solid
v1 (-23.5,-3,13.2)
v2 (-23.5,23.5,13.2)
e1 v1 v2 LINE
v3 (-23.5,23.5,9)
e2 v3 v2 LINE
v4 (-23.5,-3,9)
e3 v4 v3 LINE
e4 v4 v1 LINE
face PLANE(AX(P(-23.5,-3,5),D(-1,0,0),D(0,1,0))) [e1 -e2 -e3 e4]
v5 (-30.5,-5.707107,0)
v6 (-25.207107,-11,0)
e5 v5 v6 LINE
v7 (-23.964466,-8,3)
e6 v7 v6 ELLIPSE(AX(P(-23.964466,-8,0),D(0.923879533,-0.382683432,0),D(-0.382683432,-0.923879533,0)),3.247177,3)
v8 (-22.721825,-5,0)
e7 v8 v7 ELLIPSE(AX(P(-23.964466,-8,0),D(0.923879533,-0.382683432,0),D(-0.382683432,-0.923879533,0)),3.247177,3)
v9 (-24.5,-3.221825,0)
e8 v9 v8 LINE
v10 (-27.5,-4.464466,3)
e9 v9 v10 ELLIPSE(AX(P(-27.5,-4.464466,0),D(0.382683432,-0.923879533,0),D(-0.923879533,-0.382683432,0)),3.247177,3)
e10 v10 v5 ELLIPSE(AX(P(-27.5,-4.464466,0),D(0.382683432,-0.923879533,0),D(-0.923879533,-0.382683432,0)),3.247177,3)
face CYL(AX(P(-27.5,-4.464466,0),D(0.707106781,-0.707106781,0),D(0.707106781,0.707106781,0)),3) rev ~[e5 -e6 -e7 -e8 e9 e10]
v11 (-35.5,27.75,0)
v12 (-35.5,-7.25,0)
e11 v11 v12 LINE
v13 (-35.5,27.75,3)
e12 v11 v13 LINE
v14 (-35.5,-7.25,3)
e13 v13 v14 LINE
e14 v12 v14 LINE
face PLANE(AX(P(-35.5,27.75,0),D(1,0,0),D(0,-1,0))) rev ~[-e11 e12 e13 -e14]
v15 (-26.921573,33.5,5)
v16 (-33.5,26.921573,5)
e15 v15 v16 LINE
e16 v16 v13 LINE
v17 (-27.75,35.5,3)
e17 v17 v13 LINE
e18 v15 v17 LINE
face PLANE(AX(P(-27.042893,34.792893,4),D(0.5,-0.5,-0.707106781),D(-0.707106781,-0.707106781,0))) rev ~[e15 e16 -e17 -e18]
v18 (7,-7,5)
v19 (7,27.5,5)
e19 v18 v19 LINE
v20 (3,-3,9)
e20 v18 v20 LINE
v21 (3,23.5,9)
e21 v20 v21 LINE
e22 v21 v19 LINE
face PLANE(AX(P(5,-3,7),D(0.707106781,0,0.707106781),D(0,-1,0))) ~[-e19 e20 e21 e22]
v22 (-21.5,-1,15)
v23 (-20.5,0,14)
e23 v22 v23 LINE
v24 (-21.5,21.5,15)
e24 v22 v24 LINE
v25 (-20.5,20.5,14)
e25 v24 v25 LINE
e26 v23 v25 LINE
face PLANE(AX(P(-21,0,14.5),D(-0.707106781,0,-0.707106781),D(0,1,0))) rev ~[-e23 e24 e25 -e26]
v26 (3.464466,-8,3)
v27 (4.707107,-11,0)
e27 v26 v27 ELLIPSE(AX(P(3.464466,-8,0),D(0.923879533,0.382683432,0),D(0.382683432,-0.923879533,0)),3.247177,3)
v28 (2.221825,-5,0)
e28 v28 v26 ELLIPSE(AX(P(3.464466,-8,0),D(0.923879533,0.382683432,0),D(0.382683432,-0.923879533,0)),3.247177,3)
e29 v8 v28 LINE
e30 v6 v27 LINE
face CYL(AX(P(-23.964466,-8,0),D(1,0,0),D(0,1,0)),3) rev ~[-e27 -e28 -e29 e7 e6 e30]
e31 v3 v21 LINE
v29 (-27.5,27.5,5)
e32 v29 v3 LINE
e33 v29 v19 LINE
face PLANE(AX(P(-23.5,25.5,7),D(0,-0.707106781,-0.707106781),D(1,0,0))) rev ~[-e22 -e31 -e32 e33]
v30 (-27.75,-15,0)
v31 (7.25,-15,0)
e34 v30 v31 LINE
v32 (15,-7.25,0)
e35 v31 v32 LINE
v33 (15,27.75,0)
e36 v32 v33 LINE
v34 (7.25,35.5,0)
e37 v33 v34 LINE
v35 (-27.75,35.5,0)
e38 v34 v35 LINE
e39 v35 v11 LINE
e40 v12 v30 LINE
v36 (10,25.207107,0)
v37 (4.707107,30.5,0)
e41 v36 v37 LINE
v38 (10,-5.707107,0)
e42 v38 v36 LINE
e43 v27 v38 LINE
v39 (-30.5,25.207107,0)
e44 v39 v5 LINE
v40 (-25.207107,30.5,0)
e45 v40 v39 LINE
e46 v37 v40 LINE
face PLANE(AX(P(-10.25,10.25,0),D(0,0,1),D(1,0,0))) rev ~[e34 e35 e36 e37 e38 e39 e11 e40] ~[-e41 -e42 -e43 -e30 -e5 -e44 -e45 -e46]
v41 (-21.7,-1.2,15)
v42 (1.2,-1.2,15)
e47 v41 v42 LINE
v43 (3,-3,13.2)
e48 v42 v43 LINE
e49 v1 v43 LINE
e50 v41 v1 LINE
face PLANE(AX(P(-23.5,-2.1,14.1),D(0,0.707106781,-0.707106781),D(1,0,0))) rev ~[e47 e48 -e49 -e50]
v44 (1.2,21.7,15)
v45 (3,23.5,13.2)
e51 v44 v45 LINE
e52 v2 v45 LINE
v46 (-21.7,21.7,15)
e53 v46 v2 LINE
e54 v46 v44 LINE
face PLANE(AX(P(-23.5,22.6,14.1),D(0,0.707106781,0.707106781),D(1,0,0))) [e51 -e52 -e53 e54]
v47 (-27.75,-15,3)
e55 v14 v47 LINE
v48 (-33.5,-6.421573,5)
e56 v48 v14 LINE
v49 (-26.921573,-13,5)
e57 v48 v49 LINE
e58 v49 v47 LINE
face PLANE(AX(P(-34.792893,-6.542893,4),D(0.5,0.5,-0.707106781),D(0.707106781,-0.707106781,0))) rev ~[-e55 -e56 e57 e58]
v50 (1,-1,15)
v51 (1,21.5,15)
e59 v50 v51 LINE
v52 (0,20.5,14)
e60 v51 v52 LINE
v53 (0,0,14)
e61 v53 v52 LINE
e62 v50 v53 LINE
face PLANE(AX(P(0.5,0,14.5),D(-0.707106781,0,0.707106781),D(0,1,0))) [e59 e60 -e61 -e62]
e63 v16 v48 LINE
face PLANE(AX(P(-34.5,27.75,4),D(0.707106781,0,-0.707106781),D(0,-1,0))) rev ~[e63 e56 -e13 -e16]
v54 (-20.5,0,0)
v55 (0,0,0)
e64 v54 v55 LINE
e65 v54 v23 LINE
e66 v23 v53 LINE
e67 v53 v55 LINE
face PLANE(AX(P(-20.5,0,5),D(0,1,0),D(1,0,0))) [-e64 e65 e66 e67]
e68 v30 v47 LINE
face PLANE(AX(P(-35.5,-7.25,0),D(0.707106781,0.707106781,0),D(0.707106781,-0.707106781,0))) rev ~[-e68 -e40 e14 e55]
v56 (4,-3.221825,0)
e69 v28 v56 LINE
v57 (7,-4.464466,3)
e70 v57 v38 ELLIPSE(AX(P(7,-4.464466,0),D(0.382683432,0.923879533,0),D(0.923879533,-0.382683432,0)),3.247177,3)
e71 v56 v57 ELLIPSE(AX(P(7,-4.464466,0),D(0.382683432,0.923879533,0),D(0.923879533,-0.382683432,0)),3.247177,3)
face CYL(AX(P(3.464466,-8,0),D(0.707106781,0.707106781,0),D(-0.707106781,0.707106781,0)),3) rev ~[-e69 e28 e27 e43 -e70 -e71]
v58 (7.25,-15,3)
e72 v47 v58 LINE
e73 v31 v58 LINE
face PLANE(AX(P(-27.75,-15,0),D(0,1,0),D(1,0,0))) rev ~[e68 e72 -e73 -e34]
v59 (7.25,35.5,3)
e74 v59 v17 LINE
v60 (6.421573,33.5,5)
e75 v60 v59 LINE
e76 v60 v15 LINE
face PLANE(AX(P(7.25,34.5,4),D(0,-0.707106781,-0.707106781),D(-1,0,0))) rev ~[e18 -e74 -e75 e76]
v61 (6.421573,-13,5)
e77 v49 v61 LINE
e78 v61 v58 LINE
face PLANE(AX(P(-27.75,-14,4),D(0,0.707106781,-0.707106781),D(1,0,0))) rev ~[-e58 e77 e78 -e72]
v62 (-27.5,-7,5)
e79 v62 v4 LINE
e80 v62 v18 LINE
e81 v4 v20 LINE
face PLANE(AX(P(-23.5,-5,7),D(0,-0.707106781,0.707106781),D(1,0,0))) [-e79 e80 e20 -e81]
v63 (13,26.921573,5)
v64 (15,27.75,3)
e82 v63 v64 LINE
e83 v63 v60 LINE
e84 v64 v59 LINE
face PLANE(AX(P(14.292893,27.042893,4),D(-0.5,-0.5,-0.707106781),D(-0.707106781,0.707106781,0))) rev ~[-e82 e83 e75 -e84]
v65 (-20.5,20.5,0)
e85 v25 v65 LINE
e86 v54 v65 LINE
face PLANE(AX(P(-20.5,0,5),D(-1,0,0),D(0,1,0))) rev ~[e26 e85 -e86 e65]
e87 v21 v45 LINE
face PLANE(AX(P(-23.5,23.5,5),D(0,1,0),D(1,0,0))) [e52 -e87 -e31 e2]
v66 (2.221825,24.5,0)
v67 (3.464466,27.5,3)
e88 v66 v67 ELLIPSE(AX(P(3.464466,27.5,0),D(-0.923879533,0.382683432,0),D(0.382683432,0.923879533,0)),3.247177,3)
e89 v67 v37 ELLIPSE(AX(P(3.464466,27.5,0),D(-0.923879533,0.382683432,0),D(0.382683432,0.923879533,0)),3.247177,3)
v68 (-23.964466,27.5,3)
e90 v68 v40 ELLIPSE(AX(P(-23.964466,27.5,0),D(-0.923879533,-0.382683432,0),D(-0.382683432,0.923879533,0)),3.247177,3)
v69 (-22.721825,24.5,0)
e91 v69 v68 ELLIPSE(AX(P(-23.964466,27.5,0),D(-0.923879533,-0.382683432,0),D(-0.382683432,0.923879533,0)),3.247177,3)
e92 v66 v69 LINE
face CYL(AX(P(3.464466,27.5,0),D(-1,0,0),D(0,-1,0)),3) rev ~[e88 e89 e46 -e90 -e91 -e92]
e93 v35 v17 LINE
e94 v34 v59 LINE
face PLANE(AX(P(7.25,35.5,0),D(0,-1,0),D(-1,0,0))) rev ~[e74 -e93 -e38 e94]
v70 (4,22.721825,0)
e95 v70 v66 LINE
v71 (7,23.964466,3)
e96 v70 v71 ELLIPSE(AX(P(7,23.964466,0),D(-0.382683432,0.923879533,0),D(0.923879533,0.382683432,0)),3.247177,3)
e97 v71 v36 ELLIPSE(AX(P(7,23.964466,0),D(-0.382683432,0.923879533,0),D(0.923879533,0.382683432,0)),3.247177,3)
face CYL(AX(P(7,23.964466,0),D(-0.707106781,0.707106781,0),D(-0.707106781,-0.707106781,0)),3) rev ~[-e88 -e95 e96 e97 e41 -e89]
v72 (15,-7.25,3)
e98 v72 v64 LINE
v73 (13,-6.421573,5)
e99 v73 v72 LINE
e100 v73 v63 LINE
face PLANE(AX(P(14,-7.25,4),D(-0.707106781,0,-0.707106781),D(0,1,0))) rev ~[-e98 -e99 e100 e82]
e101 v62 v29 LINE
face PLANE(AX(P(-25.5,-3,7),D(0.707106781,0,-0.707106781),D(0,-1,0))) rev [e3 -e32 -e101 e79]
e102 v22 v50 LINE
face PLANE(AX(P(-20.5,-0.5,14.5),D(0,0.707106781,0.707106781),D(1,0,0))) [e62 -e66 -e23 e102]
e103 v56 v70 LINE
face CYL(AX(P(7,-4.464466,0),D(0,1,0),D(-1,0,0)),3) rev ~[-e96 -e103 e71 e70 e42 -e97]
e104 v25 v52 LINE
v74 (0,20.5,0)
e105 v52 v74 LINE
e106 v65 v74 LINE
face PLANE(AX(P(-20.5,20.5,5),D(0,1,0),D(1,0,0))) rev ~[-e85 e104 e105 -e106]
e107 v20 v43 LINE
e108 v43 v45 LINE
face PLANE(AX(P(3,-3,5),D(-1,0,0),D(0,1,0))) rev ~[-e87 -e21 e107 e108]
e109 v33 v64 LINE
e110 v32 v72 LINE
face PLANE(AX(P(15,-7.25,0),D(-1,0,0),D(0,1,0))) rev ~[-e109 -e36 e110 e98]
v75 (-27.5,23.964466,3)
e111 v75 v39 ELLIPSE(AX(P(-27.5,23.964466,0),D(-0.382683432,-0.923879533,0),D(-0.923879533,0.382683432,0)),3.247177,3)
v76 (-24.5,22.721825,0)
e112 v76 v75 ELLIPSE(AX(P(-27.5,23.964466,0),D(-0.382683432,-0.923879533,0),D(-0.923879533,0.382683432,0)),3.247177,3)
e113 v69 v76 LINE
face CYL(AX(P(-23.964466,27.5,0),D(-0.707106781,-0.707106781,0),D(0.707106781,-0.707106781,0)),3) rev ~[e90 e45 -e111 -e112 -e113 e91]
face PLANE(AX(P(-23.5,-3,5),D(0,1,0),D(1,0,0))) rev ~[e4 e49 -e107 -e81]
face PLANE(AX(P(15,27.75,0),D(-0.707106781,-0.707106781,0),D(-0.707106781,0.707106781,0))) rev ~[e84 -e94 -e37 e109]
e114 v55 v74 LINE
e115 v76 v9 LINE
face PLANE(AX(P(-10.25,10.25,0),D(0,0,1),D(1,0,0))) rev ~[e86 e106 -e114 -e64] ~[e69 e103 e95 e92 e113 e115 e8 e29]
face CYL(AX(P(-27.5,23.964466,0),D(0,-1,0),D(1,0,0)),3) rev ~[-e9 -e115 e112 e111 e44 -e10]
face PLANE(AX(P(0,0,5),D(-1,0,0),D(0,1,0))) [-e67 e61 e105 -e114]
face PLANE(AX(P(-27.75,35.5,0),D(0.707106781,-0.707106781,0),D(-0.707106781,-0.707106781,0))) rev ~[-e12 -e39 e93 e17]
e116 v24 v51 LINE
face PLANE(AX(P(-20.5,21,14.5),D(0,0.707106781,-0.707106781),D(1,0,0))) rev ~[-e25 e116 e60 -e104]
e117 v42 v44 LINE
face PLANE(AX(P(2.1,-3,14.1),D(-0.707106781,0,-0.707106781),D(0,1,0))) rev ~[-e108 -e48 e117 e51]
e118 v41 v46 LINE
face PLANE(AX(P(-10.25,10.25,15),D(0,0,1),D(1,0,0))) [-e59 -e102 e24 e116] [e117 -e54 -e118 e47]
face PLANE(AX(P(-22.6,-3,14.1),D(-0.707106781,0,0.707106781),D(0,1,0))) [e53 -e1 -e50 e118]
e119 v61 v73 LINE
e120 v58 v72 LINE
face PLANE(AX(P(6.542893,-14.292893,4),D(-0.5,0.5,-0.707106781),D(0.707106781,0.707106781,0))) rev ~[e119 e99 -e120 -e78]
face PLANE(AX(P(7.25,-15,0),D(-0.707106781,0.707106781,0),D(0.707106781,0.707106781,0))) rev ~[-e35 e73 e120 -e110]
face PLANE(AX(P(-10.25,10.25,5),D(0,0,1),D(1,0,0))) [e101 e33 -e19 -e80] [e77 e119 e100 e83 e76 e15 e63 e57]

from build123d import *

# Parameters (mm, degrees)
SKETCH_W        = 20.5
SKETCH_H        = 20.5
PAD_DEPTH       = 5
SKETCH001_W     = 26.5
SKETCH001_H     = 26.5
SKETCH001_W_2   = 20.5
SKETCH001_H_2   = 20.5
PAD001_DEPTH    = 10
CHAMFER_SIZE    = 4
CHAMFER001_SIZE = 1
CHAMFER002_SIZE = 1.8
CHAMFER003_SIZE = 2
SKETCH003_R     = 3


with BuildPart() as part:
    # Sketch → Pad (new body)
    with BuildSketch(Plane.XY):
        Polygon((7.25, -15), (15, -7.25), (15, 27.75), (7.25, 35.5), (-27.75, 35.5), (-35.5, 27.75), (-35.5, -7.25), (-27.75, -15), align=None)
        with Locations((-10.25, 10.25)):
            Rectangle(SKETCH_W, SKETCH_H, mode=Mode.SUBTRACT)
    extrude(amount=PAD_DEPTH)

    # Sketch001 (on Face14 of Pad) → Pad001 (join)
    with BuildSketch(Plane.XY.offset(5)):
        with Locations((-10.25, 10.25)):
            Rectangle(SKETCH001_W, SKETCH001_H)
        with Locations((-10.25, 10.25)):
            Rectangle(SKETCH001_W_2, SKETCH001_H_2, mode=Mode.SUBTRACT)
    extrude(amount=PAD001_DEPTH)

    # Chamfer
    chamfer_edges = [part.edges().sort_by_distance(p)[0] for p in [
        (-10.25, -3, 5),
        (3, 10.25, 5),
        (-10.25, 23.5, 5),
        (-23.5, 10.25, 5),
    ]]
    chamfer(chamfer_edges, length=CHAMFER_SIZE)

    # Chamfer001
    chamfer001_edges = [part.edges().sort_by_distance(p)[0] for p in [
        (0, 10.25, 15),
        (-10.25, 0, 15),
        (-20.5, 10.25, 15),
        (-10.25, 20.5, 15),
    ]]
    chamfer(chamfer001_edges, length=CHAMFER001_SIZE)

    # Chamfer002
    chamfer002_edges = [part.edges().sort_by_distance(p)[0] for p in [
        (3, 10.25, 15),
        (-10.25, 23.5, 15),
        (-23.5, 10.25, 15),
        (-10.25, -3, 15),
    ]]
    chamfer(chamfer002_edges, length=CHAMFER002_SIZE)

    # Chamfer003
    chamfer003_edges = [part.edges().sort_by_distance(p)[0] for p in [
        (15, 10.25, 5),
        (11.125, 31.625, 5),
        (-10.25, 35.5, 5),
        (-31.625, 31.625, 5),
        (-35.5, 10.25, 5),
        (-31.625, -11.125, 5),
        (-10.25, -15, 5),
        (11.125, -11.125, 5),
    ]]
    chamfer(chamfer003_edges, length=CHAMFER003_SIZE)

    # SubtractivePipe: sweep along a path in Sketch002
    with BuildLine(Plane(origin=(0, 0, 0), x_dir=(1, 0, 0), z_dir=(0, 0, -1))) as subtractivepipe_path:
        Line((-27.5, -23.964466), (-27.5, 4.464466))
        Line((-27.5, 4.464466), (-23.964466, 8))
        Line((-23.964466, 8), (3.464466, 8))
        Line((3.464466, 8), (7, 4.464466))
        Line((7, 4.464466), (7, -23.964466))
        Line((7, -23.964466), (3.464466, -27.5))
        Line((3.464466, -27.5), (-23.964466, -27.5))
        Line((-23.964466, -27.5), (-27.5, -23.964466))
    # Sketch003 → SubtractivePipe (sweep, cut)
    with BuildSketch(Plane.XZ):
        with Locations((-27.5, 0)):
            Circle(SKETCH003_R)
    sweep(path=subtractivepipe_path.line, transition=Transition.RIGHT, mode=Mode.SUBTRACT)


solid = part.part
